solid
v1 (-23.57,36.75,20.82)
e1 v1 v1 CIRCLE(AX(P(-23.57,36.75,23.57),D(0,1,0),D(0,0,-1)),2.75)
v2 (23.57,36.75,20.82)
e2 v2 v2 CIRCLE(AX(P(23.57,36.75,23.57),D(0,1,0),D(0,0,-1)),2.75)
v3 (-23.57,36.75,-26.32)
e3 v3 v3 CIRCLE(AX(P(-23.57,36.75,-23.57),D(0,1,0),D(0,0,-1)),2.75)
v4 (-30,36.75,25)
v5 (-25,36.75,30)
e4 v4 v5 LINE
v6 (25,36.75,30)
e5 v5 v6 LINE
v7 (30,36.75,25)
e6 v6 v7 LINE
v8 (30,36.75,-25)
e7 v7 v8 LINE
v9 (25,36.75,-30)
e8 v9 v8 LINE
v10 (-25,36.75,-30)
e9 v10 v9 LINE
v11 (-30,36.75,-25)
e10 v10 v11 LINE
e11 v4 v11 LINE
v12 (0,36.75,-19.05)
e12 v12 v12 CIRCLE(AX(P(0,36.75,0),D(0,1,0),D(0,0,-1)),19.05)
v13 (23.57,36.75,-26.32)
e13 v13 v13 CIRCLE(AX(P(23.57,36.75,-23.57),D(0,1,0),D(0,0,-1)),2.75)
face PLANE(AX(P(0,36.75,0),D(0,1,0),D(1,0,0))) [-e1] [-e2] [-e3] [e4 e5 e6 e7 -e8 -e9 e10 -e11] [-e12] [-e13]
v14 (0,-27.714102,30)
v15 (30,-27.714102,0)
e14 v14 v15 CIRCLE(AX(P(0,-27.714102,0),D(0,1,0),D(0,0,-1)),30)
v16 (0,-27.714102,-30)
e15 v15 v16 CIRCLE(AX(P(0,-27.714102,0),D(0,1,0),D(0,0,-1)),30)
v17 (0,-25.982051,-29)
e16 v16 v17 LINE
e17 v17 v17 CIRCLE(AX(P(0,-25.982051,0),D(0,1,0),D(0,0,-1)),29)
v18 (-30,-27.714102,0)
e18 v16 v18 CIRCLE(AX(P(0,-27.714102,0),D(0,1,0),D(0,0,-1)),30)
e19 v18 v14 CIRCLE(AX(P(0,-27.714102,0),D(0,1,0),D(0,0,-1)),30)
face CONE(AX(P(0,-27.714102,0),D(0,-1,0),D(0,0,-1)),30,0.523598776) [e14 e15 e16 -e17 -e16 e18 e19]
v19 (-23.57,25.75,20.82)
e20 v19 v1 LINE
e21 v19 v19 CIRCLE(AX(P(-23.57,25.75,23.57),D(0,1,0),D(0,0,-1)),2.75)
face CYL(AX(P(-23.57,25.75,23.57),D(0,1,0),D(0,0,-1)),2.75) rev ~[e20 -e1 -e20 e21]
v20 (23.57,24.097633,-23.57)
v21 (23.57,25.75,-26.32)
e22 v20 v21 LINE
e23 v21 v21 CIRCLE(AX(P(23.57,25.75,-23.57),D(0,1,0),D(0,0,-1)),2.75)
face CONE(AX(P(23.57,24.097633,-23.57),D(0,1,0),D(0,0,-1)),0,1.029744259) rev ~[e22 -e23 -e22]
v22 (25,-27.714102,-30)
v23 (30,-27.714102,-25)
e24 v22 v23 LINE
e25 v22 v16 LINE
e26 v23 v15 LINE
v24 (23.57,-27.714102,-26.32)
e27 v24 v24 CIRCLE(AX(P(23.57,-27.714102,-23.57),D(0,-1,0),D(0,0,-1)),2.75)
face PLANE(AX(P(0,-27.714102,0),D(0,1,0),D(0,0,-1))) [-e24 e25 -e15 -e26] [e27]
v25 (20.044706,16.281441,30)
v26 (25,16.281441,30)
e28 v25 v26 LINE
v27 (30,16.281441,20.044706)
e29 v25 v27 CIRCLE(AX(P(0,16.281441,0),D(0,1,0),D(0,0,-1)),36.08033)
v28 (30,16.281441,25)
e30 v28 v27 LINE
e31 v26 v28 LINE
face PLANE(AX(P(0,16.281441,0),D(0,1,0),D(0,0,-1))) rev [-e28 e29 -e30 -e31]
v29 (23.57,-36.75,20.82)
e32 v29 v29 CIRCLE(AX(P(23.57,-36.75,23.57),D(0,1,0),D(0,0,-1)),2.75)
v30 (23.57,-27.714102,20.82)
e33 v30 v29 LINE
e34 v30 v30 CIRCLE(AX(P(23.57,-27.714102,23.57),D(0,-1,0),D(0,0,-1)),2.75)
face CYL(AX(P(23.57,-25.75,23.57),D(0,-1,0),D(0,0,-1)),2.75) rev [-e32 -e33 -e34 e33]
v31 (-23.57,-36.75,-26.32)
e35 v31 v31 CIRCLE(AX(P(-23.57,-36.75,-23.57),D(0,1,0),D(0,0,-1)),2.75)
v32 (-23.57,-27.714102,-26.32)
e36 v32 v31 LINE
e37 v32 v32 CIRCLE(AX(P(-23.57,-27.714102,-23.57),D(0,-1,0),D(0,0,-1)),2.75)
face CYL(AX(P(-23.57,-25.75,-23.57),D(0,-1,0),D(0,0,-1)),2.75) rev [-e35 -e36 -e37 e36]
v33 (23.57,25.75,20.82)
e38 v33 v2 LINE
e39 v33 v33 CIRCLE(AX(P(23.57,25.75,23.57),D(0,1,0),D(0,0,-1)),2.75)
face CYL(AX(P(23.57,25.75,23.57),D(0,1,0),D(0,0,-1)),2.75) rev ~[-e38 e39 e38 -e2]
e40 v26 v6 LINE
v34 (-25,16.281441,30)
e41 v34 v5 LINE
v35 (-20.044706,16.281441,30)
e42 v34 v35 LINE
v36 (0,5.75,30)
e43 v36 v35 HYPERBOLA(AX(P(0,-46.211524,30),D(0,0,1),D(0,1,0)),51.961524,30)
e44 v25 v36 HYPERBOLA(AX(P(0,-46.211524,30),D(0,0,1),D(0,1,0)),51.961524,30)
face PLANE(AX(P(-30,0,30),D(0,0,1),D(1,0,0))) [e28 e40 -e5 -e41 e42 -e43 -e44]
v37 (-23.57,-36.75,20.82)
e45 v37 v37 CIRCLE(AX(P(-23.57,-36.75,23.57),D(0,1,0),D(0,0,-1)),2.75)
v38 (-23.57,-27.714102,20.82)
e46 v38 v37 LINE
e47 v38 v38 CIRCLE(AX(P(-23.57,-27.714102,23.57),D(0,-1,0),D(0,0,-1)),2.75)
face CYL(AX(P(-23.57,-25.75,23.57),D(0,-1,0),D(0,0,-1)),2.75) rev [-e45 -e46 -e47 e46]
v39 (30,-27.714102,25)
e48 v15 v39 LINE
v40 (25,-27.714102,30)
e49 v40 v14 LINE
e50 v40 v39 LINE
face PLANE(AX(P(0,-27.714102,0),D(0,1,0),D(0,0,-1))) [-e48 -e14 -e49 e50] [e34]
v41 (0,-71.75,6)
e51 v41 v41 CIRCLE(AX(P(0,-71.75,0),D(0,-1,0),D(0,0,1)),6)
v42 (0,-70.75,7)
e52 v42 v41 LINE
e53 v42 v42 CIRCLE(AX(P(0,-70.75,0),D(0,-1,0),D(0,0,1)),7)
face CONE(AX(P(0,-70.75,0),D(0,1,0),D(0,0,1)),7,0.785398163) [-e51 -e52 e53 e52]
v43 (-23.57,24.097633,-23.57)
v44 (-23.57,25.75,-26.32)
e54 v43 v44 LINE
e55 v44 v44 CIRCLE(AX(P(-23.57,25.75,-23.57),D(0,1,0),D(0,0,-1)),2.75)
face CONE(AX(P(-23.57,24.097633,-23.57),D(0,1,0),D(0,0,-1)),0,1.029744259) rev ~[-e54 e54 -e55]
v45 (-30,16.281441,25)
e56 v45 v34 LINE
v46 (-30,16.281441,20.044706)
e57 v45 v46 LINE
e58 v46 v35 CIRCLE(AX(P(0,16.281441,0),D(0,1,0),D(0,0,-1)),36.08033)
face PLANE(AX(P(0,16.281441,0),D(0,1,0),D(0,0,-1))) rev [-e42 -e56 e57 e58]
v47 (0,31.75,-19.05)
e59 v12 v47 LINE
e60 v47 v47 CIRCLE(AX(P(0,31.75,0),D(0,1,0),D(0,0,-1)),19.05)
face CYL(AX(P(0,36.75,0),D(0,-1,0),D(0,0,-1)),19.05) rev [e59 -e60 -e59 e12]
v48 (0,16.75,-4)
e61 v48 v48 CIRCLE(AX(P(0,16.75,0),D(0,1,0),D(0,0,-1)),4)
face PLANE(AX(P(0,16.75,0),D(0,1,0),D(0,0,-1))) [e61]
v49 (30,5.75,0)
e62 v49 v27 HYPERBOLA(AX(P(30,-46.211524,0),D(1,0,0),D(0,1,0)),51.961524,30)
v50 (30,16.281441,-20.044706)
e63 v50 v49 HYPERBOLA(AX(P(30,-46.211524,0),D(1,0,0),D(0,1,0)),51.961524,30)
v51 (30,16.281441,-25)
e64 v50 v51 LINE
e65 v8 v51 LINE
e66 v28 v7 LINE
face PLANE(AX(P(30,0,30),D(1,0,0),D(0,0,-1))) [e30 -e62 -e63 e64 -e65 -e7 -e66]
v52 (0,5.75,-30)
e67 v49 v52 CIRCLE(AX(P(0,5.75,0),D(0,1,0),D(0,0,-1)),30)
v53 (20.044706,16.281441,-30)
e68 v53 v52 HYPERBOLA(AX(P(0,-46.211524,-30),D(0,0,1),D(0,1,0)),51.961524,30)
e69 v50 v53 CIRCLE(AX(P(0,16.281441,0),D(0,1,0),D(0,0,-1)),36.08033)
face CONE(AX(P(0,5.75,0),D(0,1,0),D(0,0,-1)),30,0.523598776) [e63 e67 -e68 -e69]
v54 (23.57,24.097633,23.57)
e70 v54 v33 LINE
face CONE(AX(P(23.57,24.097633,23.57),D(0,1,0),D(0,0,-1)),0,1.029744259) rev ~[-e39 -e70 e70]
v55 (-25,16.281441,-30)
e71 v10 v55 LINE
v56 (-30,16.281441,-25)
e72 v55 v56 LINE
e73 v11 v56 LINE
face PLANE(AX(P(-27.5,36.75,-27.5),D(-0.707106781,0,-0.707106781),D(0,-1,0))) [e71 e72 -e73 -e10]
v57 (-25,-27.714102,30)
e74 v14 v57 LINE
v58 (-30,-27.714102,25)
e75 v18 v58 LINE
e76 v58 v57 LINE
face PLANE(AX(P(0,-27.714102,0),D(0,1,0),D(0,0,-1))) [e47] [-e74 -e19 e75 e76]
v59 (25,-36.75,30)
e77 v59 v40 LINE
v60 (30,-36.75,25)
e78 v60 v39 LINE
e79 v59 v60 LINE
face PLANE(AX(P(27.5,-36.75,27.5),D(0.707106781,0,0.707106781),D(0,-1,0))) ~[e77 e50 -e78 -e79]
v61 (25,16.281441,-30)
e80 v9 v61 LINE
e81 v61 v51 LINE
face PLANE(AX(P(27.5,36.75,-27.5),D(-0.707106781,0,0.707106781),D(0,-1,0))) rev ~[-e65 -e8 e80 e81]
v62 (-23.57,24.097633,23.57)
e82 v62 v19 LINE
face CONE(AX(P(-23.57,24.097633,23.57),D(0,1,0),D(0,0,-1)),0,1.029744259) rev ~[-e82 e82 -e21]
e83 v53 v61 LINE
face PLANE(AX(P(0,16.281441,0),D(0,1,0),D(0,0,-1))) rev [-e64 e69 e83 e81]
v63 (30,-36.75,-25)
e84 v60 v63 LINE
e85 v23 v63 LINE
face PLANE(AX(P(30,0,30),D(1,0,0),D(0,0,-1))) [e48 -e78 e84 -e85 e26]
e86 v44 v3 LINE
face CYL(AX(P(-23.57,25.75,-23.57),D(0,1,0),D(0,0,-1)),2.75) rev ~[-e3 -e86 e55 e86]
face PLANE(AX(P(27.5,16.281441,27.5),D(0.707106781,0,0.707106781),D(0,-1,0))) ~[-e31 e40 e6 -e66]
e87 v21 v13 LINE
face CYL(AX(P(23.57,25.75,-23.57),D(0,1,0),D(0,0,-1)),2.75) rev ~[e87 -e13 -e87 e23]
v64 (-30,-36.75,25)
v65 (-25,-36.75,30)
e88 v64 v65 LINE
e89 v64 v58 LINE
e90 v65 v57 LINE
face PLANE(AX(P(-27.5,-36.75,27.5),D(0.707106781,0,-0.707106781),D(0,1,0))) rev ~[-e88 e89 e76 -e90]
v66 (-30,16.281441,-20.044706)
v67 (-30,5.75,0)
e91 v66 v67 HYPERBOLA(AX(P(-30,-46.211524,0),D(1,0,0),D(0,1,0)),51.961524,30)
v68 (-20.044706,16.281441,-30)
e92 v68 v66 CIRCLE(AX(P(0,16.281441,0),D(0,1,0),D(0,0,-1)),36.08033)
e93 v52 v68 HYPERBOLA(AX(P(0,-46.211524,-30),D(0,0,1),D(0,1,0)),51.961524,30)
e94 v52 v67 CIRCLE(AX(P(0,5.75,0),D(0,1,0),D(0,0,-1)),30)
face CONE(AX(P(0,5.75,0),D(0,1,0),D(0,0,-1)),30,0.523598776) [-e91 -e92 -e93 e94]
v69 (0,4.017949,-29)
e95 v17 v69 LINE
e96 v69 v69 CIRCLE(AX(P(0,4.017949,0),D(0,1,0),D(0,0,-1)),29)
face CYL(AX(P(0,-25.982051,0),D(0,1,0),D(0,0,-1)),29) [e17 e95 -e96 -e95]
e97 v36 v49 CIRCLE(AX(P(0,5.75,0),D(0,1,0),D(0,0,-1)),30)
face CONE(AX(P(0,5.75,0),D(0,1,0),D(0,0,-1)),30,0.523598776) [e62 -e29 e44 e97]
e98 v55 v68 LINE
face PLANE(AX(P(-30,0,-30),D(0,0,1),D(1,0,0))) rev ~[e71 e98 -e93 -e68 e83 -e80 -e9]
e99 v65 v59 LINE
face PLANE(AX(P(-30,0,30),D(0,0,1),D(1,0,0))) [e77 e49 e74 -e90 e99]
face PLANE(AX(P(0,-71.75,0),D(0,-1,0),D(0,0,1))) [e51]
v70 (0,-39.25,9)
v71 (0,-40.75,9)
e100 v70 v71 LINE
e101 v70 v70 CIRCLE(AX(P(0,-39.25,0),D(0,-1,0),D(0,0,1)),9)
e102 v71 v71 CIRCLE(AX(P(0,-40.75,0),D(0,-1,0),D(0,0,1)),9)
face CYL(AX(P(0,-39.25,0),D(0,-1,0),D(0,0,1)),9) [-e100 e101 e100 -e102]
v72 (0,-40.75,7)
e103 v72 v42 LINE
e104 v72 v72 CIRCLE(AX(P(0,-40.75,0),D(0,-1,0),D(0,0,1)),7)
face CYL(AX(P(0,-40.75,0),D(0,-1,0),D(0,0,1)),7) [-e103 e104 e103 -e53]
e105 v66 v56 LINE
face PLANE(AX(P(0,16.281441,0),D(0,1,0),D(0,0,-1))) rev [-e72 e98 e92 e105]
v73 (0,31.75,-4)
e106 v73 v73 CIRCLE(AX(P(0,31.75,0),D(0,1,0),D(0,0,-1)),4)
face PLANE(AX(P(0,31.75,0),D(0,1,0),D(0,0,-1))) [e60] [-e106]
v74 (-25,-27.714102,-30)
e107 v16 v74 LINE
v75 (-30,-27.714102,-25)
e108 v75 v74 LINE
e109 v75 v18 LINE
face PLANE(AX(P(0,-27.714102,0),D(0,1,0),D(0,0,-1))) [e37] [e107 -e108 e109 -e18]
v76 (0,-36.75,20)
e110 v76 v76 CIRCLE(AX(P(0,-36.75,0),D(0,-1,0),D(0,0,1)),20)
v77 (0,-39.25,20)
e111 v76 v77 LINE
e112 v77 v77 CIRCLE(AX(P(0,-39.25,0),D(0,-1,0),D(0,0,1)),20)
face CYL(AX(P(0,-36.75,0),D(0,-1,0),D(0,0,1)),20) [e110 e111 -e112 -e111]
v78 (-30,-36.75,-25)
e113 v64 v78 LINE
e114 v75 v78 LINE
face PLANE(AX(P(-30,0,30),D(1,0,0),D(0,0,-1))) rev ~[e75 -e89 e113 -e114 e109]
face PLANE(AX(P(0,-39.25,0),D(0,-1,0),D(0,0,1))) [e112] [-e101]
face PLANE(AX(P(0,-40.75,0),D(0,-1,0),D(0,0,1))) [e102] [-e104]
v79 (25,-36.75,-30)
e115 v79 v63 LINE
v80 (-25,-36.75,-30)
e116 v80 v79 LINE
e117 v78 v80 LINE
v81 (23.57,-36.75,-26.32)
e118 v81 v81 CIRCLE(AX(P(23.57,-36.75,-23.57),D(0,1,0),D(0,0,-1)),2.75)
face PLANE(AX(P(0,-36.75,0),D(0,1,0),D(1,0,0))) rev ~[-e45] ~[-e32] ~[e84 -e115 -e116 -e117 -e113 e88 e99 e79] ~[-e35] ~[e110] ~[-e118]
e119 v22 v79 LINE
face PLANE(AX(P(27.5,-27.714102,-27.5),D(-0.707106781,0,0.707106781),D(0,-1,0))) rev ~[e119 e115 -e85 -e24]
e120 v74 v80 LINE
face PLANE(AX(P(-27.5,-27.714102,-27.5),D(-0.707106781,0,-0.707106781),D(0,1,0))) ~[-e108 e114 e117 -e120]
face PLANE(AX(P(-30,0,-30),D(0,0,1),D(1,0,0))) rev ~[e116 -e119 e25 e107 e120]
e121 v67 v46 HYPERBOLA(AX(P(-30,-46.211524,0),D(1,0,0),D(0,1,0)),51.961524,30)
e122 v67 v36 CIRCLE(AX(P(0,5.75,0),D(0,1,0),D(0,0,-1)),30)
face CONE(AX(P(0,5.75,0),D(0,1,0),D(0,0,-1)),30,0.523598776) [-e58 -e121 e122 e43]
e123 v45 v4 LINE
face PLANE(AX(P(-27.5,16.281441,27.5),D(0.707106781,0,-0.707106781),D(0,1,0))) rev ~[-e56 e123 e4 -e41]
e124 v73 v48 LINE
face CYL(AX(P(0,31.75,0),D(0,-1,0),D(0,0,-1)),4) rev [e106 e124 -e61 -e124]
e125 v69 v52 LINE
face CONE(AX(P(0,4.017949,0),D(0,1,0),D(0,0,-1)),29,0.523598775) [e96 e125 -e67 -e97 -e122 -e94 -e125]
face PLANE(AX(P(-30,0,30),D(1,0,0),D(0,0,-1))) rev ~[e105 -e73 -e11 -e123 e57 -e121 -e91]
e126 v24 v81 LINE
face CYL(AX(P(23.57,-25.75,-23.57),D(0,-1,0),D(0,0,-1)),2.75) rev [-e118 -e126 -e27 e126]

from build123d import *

# Parameters (mm, degrees)
SZKIC1_W                     = 60
SZKIC1_H                     = 60
DODANIE_WYCI_GNI_CIE1_DEPTH  = 36.75
SFAZOWANIE1_SIZE             = 5
SFAZOWANIE2_SIZE             = 1
OTW_R_POD_RUB_M51_AT_2_COUNT = 2
OTW_R_POD_RUB_M51_AT_2_PITCH = 47.14
OTW_R_POD_RUB_M51_AT_3_COUNT = 2
OTW_R_POD_RUB_M51_AT_3_PITCH = 66.66602733
OTW_R_POD_RUB_M51_AT_4_COUNT = 2
OTW_R_POD_RUB_M51_AT_4_PITCH = 47.14


with BuildPart() as part:
    # Szkic1 → Dodanie-wyciągnięcie1 (new, symmetric)
    with BuildSketch(Plane(origin=(0, 0, 0), x_dir=(1, 0, 0), z_dir=(0, 1, 0))):
        Rectangle(SZKIC1_W, SZKIC1_H)
    extrude(amount=DODANIE_WYCI_GNI_CIE1_DEPTH, both=True)

    # Szkic2 → Wycięcie-obrót1 (revolve, cut)
    with BuildSketch(Plane.XY, mode=Mode.PRIVATE) as wyci_cie_obr_t1_sk:
        Polygon((29, 4.017949192), (30, 5.75), (36.080330081, 16.281440627), (59, 16.281440627), (59, -27.714101615), (30, -27.714101615), (29, -25.982050808), align=None)
    revolve(wyci_cie_obr_t1_sk.sketch.rotate(Axis((0, 0, 0), (0, 1, 0)), 90), axis=Axis((0, 0, 0), (0, 1, 0)), mode=Mode.SUBTRACT)

    # Sfazowanie1
    sfazowanie1_edges = [part.edges().sort_by_distance(p)[0] for p in [
        (30, -32.232050808, 30),
        (-30, -32.232050808, 30),
        (-30, -32.232050808, -30),
        (30, -32.232050808, -30),
        (30, 26.515720314, 30),
        (-30, 26.515720314, 30),
        (-30, 26.515720314, -30),
        (30, 26.515720314, -30),
    ]]
    chamfer(sfazowanie1_edges, length=SFAZOWANIE1_SIZE)

    # Szkic4 → Wycięcie-obrót3 (revolve, cut)
    with BuildSketch(Plane.XY, mode=Mode.PRIVATE) as wyci_cie_obr_t3_sk:
        Polygon((0, 36.75), (19.05, 36.75), (19.05, 31.75), (4, 31.75), (4, 16.75), (0, 16.75), align=None)
    revolve(wyci_cie_obr_t3_sk.sketch.rotate(Axis((0, 0, 0), (0, 1, 0)), 90), axis=Axis((0, 0, 0), (0, 1, 0)), mode=Mode.SUBTRACT)

    # Szkic5 → Obrót1 (revolve)
    with BuildSketch(Plane(origin=(0, 0, 0), x_dir=(0, 0, -1), z_dir=(1, 0, 0)), mode=Mode.PRIVATE) as obr_t1_sk:
        Polygon((0, -36.75), (20, -36.75), (20, -39.25), (9, -39.25), (9, -40.75), (7, -40.75), (7, -71.75), (0, -71.75), align=None)
    revolve(obr_t1_sk.sketch.rotate(Axis((0, 0, 0), (0, -1, 0)), 180), axis=Axis((0, 0, 0), (0, -1, 0)))

    # Sfazowanie2
    sfazowanie2_edges = [part.edges().sort_by_distance(p)[0] for p in [
        (0, -71.75, -7),
    ]]
    chamfer(sfazowanie2_edges, length=SFAZOWANIE2_SIZE)

    # Szkic7 → Otwór pod śrubę M51 (revolve, cut)
    with BuildSketch(Plane(origin=(23.57, -36.75, -23.57), x_dir=(0, 0, -1), z_dir=(1, 0, 0))):
        Polygon((0, 0), (0, 12.652366702), (2.75, 11), (2.75, 0), align=None)
    otw_r_pod_rub_m51 = revolve(axis=Axis((23.57, -43.1, -23.57), (0, 1, 0)), mode=Mode.SUBTRACT)

    # Otwór pod śrubę M51 at 2: Otwór pod śrubę M51 ×2
    with Locations(*[(-i * OTW_R_POD_RUB_M51_AT_2_PITCH, 0, 0) for i in range(1, OTW_R_POD_RUB_M51_AT_2_COUNT)]):
        add(otw_r_pod_rub_m51, mode=Mode.SUBTRACT)

    # Otwór pod śrubę M51 at 3: Otwór pod śrubę M51 ×2
    with Locations(*[Vector(-0.7071067811865477, 0, 0.7071067811865475) * (i * OTW_R_POD_RUB_M51_AT_3_PITCH) for i in range(1, OTW_R_POD_RUB_M51_AT_3_COUNT)]):
        add(otw_r_pod_rub_m51, mode=Mode.SUBTRACT)

    # Otwór pod śrubę M51 at 4: Otwór pod śrubę M51 ×2
    with Locations(*[(0, 0, i * OTW_R_POD_RUB_M51_AT_4_PITCH) for i in range(1, OTW_R_POD_RUB_M51_AT_4_COUNT)]):
        add(otw_r_pod_rub_m51, mode=Mode.SUBTRACT)

    # Lustro1: Otwór pod śrubę M51 across plane
    add(otw_r_pod_rub_m51.mirror(Plane.ZX), mode=Mode.SUBTRACT)

    # Lustro1 copy 1 sketch → Lustro1 copy 1 (revolve, cut)
    with BuildSketch(Plane(origin=(-23.57, 36.75, -23.57), x_dir=(0, 0, -1), z_dir=(1, 0, 0))):
        Polygon((0, 0), (0, -12.652366702), (2.75, -11), (2.75, 0), align=None)
    revolve(axis=Axis((-23.57, 43.1, -23.57), (0, 1, 0)), mode=Mode.SUBTRACT)

    # Lustro1 copy 2 sketch → Lustro1 copy 2 (revolve, cut)
    with BuildSketch(Plane(origin=(-23.57, 36.75, 23.57), x_dir=(0, 0, -1), z_dir=(1, 0, 0))):
        Polygon((0, 0), (0, -12.652366702), (2.75, -11), (2.75, 0), align=None)
    revolve(axis=Axis((-23.57, 43.1, 23.57), (0, 1, 0)), mode=Mode.SUBTRACT)

    # Lustro1 copy 3 sketch → Lustro1 copy 3 (revolve, cut)
    with BuildSketch(Plane(origin=(23.57, 36.75, 23.57), x_dir=(0, 0, -1), z_dir=(1, 0, 0))):
        Polygon((0, 0), (0, -12.652366702), (2.75, -11), (2.75, 0), align=None)
    revolve(axis=Axis((23.57, 43.1, 23.57), (0, 1, 0)), mode=Mode.SUBTRACT)


solid = part.part
